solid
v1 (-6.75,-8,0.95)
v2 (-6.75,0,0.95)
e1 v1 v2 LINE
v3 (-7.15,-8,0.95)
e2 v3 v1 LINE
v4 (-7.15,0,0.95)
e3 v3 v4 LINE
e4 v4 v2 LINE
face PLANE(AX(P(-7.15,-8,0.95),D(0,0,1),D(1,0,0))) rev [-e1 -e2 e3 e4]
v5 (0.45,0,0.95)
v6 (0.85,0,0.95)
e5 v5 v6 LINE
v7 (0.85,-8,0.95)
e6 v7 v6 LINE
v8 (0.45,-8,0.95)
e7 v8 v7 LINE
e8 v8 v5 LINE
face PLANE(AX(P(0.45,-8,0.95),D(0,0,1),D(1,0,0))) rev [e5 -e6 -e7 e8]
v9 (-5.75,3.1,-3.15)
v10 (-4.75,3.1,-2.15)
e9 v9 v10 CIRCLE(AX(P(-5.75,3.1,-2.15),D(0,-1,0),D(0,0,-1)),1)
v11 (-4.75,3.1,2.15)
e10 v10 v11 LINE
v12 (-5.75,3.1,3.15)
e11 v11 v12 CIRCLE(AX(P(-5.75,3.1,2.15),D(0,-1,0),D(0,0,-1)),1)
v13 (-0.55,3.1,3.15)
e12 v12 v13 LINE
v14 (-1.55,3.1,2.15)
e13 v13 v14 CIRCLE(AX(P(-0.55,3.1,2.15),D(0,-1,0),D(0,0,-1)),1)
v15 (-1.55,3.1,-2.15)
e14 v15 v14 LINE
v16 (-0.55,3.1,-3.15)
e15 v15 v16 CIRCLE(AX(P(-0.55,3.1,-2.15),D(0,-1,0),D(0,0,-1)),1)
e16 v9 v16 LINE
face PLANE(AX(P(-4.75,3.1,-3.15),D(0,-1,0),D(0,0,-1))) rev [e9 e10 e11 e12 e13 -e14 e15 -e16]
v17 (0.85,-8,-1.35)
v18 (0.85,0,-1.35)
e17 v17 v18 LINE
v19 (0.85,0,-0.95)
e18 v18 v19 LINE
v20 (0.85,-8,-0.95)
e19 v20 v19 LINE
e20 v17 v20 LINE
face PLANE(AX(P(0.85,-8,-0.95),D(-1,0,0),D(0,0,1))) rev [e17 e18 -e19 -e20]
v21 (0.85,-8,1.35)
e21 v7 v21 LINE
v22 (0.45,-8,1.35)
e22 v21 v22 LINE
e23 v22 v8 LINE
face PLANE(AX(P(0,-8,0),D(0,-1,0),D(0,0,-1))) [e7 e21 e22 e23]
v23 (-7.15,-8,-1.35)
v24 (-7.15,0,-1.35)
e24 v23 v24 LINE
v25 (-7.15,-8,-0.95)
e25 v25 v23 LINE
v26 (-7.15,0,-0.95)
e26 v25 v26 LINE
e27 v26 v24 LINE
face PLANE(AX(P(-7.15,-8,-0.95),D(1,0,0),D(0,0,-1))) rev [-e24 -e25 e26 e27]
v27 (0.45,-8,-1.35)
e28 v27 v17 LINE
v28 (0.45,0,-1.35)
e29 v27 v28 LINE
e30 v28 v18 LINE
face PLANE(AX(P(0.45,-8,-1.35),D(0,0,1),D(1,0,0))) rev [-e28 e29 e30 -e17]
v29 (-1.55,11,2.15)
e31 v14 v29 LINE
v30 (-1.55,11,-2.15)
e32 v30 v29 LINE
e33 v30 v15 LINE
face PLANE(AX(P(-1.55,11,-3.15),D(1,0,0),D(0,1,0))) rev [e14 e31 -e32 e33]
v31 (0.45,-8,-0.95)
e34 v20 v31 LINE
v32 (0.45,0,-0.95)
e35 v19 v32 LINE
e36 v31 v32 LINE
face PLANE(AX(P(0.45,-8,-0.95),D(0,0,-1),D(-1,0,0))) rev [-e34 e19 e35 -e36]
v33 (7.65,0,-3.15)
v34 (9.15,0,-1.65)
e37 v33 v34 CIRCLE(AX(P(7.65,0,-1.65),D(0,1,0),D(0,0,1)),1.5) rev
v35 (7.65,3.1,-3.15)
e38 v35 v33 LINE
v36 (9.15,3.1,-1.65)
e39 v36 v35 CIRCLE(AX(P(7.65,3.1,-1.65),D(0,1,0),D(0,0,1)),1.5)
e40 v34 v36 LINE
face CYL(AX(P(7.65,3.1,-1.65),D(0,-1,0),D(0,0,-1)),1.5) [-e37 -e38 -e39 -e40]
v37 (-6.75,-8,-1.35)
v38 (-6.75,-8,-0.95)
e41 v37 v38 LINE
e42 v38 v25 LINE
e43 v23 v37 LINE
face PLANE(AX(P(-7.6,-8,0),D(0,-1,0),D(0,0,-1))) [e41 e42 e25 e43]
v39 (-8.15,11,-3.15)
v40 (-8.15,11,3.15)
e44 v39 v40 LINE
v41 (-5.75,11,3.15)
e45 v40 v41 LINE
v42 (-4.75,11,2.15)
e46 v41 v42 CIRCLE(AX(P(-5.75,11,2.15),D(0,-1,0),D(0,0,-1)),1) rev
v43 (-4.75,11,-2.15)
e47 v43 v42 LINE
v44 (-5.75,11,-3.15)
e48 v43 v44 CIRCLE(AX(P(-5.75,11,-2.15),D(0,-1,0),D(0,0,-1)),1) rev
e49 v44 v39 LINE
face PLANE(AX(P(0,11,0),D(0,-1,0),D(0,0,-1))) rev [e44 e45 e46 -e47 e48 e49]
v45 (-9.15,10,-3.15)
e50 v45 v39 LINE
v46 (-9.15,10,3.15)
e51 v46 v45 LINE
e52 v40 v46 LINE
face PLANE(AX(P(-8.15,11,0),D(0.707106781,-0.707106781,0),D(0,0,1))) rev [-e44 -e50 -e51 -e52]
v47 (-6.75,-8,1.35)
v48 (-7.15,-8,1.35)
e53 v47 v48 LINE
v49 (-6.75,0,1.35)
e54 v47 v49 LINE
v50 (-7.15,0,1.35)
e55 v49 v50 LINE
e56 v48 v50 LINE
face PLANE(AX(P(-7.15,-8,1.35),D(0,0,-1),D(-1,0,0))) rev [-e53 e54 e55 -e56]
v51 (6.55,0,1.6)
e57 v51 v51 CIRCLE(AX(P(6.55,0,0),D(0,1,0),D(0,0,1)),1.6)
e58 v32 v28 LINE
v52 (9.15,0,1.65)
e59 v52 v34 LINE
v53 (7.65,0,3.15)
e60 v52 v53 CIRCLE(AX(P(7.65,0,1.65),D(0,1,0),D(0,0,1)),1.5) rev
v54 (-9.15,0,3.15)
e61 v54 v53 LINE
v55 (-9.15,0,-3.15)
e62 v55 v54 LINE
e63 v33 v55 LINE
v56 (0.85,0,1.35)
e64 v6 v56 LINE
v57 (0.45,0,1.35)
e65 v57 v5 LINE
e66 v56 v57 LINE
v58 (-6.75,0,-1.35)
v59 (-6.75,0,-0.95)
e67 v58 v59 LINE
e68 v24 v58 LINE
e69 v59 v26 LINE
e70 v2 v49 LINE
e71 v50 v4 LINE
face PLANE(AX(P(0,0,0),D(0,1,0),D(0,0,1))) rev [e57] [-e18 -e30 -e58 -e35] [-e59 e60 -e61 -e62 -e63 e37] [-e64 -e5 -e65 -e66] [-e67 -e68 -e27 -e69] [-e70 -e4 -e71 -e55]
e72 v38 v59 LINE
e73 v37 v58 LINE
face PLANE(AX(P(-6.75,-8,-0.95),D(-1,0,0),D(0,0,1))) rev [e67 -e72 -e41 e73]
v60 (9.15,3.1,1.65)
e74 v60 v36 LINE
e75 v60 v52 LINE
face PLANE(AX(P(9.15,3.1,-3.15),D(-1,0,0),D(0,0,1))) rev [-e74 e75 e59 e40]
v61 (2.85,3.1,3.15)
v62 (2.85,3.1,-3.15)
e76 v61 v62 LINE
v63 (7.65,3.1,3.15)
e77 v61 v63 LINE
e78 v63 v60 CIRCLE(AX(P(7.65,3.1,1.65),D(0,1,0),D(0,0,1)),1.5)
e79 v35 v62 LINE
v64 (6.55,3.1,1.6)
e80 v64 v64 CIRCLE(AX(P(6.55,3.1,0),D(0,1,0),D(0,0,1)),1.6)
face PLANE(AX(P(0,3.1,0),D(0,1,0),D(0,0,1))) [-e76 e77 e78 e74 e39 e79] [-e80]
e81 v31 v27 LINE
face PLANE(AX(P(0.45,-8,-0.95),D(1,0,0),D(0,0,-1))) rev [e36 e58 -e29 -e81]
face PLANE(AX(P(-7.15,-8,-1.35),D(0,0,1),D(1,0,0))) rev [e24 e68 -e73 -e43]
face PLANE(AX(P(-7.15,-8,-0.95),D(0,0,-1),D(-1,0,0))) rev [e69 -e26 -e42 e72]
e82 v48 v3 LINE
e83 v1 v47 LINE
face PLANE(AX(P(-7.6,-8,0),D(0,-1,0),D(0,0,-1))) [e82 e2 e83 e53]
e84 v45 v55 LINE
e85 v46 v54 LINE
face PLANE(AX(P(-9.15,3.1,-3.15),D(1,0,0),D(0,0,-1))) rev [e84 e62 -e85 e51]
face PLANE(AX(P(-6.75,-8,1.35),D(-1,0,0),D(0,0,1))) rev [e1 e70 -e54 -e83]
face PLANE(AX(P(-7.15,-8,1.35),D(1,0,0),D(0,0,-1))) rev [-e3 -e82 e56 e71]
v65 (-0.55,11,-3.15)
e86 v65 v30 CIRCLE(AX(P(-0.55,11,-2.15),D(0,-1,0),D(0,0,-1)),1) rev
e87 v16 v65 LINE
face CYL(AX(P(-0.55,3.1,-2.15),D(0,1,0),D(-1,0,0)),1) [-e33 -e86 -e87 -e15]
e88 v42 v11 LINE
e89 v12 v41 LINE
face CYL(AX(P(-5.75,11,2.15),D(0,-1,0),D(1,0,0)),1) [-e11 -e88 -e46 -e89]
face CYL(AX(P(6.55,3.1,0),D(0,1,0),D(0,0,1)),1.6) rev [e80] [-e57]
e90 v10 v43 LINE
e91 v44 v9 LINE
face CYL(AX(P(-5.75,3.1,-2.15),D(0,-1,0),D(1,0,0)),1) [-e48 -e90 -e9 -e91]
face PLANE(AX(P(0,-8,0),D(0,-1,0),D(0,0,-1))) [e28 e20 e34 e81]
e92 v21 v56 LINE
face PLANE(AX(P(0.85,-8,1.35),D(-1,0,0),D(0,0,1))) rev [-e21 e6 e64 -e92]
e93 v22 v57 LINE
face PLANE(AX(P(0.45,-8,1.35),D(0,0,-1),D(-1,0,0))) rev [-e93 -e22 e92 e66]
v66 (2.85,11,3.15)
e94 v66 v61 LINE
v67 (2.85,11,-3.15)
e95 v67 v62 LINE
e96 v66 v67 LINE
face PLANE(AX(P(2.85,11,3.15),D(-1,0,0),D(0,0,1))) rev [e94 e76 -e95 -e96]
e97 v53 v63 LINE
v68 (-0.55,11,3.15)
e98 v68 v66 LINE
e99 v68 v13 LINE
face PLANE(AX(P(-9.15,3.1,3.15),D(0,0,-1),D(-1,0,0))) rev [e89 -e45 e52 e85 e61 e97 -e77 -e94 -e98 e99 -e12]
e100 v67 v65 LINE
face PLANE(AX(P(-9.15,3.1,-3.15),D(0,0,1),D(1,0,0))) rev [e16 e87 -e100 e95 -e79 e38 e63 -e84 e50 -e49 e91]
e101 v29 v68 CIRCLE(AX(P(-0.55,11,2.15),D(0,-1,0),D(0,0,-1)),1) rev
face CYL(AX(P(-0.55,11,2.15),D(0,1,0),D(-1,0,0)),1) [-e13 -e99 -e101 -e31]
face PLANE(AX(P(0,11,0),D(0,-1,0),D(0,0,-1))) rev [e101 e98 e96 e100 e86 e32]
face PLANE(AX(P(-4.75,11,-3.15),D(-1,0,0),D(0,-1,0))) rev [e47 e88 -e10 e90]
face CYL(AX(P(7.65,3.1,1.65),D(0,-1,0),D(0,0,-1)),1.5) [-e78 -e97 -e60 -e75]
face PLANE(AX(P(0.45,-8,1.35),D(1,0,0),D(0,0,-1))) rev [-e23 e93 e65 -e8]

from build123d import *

# Parameters (mm, degrees)
SKETCH1_W                  = 18.3
SKETCH1_H                  = 6.3
BOSS_EXTRUDE1_DEPTH        = 3.1
FILLET1_R                  = 1.5
SKETCH2_W                  = 12
SKETCH2_H                  = 6.3
BOSS_EXTRUDE2_DEPTH        = 7.9
F_3_2_3_2_DIAMETER_HOLE1_D = 3.2
SKETCH5_W                  = 3.2
SKETCH5_H                  = 7.9
CUT_EXTRUDE1_DEPTH         = 16.633697579
CHAMFER1_SIZE              = 1
FILLET2_R                  = 1
SKETCH6_W                  = 0.4
SKETCH6_H                  = 0.4
BOSS_EXTRUDE3_DEPTH        = 8
LPATTERN1_COUNT            = 2
LPATTERN1_PITCH            = 7.6


with BuildPart() as part:
    # Sketch1 → Boss-Extrude1 (new body)
    with BuildSketch(Plane(origin=(0, 0, 0), x_dir=(1, 0, 0), z_dir=(0, 1, 0))):
        Rectangle(SKETCH1_W, SKETCH1_H)
    extrude(amount=BOSS_EXTRUDE1_DEPTH)

    # Fillet1
    fillet1_edges = [part.edges().sort_by_distance(p)[0] for p in [
        (9.15, 1.55, 3.15),
        (9.15, 1.55, -3.15),
    ]]
    fillet(fillet1_edges, radius=FILLET1_R)

    # Sketch2 → Boss-Extrude2 (add)
    with BuildSketch(Plane(origin=(0, 3.1, 0), x_dir=(1, 0, 0), z_dir=(0, 1, 0))):
        with Locations((-3.15, 0)):
            Rectangle(SKETCH2_W, SKETCH2_H)
    extrude(amount=BOSS_EXTRUDE2_DEPTH)

    # Ø3.2 (3.2) Diameter Hole1 (through all)
    with Locations(Plane(origin=(0, 3.1, 0), x_dir=(1, 0, 0), z_dir=(0, 1, 0))):
        with Locations((6.55, 0)):
            Hole(F_3_2_3_2_DIAMETER_HOLE1_D / 2)

    # Sketch5 → Cut-Extrude1 (cut, through all)
    with BuildSketch(Plane.XY.offset(3.15)):
        with Locations((-3.15, 7.05)):
            Rectangle(SKETCH5_W, SKETCH5_H)
    extrude(amount=-CUT_EXTRUDE1_DEPTH, mode=Mode.SUBTRACT)

    # Chamfer1
    chamfer1_edges = [part.edges().sort_by_distance(p)[0] for p in [
        (-9.15, 11, 0),
    ]]
    chamfer(chamfer1_edges, length=CHAMFER1_SIZE)

    # Fillet2
    fillet2_edges = [part.edges().sort_by_distance(p)[0] for p in [
        (-4.75, 7.05, -3.15),
        (-1.55, 7.05, -3.15),
        (-4.75, 7.05, 3.15),
        (-1.55, 7.05, 3.15),
    ]]
    fillet(fillet2_edges, radius=FILLET2_R)

    # Sketch6 → Boss-Extrude3 (add)
    with BuildSketch(Plane.XZ):
        with Locations((0.65, 1.15)):
            Rectangle(SKETCH6_W, SKETCH6_H)
        with Locations((0.65, -1.15)):
            Rectangle(SKETCH6_W, SKETCH6_H)
    boss_extrude3 = extrude(amount=BOSS_EXTRUDE3_DEPTH)

    # LPattern1: Boss-Extrude3 ×2
    with Locations(*[(-i * LPATTERN1_PITCH, 0, 0) for i in range(1, LPATTERN1_COUNT)]):
        add(boss_extrude3)


solid = part.part
